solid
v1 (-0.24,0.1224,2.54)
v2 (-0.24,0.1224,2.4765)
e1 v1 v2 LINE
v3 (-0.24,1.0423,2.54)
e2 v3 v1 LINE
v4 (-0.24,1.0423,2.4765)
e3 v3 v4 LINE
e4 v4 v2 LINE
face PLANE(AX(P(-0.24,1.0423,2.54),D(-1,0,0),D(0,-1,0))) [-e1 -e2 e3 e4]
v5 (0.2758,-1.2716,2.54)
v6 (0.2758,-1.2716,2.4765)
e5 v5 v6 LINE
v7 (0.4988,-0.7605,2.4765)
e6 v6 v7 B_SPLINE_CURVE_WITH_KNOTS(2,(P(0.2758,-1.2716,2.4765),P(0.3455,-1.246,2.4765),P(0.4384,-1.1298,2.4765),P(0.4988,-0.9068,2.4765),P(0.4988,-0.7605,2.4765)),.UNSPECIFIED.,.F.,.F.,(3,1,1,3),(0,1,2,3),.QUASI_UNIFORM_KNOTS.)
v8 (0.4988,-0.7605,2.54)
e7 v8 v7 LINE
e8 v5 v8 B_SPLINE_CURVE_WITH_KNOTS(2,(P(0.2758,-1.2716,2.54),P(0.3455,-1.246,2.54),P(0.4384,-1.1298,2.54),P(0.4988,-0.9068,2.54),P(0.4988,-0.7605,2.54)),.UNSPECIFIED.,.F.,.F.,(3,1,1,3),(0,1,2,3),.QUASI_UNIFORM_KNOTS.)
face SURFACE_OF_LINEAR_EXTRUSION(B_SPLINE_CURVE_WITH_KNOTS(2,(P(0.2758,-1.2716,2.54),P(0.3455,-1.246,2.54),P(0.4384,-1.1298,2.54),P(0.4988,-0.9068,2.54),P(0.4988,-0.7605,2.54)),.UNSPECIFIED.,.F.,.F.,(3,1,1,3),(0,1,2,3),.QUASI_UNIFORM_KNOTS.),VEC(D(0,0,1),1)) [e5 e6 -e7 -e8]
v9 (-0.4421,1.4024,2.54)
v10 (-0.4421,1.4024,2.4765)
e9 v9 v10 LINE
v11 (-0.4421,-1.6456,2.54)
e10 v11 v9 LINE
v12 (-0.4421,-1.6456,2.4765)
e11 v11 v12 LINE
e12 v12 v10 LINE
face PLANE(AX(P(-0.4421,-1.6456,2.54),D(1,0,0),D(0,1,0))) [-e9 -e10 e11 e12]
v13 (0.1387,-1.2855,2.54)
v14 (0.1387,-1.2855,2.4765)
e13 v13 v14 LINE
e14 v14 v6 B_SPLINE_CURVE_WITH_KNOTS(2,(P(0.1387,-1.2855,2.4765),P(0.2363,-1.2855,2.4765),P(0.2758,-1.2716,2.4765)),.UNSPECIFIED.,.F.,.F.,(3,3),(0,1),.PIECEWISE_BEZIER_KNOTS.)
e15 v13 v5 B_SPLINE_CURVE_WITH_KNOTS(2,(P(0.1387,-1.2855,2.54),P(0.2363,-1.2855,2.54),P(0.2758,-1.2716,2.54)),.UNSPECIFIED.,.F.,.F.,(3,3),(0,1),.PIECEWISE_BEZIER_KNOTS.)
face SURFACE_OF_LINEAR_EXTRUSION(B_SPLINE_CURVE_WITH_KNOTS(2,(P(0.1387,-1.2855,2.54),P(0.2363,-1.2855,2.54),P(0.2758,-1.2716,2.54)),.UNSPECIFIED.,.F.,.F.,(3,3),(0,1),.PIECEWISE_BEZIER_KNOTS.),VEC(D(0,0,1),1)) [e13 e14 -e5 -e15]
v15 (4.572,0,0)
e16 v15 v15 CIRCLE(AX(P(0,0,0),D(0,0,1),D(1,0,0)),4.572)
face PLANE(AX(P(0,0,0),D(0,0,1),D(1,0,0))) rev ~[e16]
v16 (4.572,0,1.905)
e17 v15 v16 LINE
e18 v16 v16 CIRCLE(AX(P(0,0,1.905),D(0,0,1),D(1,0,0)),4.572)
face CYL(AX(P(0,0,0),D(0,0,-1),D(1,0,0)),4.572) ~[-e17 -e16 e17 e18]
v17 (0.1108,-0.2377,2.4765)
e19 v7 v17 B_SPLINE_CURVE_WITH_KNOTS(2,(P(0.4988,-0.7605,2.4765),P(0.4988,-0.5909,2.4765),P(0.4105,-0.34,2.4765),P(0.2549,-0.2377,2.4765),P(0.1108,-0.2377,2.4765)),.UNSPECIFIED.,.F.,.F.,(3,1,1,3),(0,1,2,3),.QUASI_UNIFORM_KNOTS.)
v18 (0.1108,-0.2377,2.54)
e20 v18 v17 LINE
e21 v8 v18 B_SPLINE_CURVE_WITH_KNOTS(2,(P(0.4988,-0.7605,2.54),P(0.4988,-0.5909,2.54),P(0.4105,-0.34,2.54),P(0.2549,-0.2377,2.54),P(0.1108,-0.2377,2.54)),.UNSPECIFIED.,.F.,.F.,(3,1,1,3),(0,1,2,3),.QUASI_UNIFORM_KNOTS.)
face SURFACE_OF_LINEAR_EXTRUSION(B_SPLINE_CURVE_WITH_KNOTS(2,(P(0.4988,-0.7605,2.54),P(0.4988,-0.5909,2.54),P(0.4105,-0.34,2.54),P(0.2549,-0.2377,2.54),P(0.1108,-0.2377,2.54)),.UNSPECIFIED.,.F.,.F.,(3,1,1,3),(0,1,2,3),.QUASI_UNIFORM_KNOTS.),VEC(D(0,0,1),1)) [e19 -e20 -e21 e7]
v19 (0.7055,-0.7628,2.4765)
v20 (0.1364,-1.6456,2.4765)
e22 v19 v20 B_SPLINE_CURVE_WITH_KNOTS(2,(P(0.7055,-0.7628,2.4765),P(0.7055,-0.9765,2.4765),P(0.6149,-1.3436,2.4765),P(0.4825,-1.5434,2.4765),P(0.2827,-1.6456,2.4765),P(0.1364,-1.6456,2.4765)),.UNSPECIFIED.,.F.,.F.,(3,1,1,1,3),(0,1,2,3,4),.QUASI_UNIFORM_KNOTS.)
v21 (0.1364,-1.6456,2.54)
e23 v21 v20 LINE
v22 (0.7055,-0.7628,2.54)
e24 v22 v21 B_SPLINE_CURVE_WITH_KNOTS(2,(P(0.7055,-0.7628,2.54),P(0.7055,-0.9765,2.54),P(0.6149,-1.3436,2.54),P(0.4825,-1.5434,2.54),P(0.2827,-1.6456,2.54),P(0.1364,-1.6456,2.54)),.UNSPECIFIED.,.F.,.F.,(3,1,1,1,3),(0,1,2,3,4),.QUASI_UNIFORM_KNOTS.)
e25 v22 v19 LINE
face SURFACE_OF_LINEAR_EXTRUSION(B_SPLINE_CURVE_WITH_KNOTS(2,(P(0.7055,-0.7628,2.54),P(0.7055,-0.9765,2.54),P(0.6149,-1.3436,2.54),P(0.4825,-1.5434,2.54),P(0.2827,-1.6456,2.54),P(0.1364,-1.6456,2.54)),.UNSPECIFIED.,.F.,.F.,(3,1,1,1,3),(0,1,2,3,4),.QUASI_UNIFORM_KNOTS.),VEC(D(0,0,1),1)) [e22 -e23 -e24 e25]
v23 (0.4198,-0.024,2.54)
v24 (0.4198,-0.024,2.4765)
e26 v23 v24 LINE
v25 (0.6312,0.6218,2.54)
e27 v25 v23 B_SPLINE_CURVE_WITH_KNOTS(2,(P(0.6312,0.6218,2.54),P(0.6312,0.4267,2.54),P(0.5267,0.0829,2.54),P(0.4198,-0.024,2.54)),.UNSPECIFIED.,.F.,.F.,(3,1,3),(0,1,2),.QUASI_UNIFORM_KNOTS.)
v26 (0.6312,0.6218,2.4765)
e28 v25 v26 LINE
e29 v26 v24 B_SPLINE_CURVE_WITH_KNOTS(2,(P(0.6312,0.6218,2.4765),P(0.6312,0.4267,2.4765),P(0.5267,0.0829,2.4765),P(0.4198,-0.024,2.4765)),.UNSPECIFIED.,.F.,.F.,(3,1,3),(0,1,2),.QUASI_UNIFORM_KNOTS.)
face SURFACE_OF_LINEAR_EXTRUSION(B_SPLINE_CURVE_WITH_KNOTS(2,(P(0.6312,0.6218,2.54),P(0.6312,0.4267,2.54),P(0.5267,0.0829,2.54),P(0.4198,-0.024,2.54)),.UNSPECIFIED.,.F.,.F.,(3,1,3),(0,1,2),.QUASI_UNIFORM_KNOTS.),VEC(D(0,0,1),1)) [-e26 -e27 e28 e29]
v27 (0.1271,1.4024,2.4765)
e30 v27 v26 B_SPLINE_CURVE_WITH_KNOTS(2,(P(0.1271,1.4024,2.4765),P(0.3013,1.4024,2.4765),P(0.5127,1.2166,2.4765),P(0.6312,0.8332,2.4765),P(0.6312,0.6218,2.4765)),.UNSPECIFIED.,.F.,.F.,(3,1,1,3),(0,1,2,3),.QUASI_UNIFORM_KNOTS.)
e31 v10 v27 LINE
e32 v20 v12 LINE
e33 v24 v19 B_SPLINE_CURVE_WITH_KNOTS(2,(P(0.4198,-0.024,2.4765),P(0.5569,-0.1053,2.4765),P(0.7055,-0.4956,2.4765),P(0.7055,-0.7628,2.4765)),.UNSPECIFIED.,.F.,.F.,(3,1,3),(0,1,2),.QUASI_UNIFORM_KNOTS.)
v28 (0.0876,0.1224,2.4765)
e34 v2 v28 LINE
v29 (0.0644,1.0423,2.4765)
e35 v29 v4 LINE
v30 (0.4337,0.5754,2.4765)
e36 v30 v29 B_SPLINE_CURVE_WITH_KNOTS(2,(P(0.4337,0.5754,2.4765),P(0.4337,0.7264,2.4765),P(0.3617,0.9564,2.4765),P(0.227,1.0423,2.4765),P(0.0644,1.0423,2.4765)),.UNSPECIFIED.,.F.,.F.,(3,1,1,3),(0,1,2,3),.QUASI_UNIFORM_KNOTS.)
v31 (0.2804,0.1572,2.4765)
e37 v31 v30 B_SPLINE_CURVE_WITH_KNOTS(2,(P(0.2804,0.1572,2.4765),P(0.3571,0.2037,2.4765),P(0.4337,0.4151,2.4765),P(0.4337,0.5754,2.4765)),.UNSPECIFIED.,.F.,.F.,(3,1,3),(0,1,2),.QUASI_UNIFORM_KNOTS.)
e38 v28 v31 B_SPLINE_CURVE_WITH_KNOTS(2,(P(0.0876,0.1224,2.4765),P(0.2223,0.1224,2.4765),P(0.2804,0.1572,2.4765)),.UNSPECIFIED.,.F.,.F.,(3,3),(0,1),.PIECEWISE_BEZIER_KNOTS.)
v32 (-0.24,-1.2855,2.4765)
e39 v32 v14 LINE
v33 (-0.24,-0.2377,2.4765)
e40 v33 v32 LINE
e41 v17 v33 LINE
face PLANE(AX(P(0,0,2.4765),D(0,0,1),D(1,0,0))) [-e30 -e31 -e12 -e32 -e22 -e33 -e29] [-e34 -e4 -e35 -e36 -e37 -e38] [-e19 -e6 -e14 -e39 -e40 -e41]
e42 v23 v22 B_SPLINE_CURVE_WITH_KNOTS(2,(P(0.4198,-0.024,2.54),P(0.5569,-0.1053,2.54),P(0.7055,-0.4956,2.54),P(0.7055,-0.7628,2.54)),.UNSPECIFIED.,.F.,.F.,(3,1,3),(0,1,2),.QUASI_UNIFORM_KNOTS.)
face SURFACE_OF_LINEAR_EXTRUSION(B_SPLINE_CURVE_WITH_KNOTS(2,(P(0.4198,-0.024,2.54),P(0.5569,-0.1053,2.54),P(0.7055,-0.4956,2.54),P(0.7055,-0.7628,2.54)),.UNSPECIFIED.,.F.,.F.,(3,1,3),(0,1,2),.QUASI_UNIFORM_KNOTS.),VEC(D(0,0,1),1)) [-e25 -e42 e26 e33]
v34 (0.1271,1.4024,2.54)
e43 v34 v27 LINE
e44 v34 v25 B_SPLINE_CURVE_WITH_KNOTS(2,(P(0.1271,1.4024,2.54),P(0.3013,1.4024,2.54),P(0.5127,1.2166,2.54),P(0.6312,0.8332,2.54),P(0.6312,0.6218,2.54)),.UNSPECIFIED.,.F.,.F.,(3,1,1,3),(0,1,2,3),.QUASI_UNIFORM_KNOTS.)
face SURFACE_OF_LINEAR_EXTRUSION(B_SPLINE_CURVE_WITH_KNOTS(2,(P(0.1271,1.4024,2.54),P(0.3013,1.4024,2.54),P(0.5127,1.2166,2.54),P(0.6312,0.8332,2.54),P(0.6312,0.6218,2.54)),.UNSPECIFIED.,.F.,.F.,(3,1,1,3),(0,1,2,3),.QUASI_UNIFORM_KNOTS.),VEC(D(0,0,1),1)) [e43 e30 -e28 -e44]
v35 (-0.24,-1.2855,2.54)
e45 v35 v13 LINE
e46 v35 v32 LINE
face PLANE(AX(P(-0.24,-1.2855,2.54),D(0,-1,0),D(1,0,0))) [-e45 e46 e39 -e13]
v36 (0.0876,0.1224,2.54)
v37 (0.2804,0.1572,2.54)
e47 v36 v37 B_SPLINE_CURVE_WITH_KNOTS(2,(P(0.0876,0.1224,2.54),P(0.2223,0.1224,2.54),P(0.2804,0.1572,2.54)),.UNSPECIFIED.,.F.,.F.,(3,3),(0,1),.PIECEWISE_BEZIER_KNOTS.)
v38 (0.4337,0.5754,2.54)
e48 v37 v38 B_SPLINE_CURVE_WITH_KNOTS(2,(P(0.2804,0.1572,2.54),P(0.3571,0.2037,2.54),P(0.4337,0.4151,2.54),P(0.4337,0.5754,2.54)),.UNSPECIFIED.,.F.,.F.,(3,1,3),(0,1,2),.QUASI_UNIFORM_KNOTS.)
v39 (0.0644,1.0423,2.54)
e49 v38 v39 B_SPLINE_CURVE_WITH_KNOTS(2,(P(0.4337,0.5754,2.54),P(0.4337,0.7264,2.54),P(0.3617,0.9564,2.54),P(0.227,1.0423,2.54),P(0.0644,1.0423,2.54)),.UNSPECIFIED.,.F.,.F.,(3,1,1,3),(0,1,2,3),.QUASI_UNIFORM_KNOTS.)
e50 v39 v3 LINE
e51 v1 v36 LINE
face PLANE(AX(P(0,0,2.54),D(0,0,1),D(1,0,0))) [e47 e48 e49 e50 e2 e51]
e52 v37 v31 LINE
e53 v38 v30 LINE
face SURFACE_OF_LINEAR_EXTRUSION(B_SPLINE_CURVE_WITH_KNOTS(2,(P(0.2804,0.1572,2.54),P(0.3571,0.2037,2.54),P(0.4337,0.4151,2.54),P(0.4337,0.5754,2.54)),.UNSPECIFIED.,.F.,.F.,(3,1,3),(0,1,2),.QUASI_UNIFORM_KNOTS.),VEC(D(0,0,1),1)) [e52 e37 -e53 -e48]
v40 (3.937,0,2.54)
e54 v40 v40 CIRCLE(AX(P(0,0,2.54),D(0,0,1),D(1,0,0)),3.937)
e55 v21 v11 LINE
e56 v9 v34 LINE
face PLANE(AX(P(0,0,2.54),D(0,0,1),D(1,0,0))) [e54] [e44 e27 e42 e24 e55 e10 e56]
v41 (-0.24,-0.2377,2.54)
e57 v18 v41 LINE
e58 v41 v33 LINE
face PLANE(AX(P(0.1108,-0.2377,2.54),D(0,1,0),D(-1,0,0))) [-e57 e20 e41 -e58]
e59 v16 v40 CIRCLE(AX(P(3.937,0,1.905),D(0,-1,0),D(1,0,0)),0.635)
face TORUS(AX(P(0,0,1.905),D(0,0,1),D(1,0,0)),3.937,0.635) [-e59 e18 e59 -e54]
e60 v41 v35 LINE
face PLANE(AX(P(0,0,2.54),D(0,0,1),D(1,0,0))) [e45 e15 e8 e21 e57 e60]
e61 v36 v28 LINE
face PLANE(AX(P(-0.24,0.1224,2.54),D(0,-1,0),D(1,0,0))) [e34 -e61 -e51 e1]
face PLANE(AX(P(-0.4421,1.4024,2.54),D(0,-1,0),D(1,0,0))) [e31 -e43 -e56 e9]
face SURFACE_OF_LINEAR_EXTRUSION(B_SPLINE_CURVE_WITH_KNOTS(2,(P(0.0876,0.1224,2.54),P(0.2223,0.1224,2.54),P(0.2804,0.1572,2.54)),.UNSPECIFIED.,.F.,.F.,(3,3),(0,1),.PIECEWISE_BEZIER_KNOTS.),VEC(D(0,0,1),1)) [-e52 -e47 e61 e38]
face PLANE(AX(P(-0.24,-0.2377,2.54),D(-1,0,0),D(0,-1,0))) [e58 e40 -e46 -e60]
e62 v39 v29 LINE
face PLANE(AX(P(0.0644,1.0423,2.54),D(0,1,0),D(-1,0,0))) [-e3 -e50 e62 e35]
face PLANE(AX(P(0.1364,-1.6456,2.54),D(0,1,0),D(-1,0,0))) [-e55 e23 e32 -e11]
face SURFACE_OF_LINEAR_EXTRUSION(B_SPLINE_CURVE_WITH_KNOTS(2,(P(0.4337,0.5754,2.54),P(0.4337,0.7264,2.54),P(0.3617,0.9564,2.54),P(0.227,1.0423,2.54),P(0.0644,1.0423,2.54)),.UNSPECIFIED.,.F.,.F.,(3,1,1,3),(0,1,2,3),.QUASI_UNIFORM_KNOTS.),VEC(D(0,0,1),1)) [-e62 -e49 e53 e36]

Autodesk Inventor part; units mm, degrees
ref_plane "YZ Plane" through (0, 0, 0) normal (1, 0, 0) x (0, 1, 0)
ref_plane "XZ Plane" through (0, 0, 0) normal (0, 1, 0) x (-1, 0, 0)
ref_plane "XY Plane" through (0, 0, 0) normal (0, 0, 1) x (1, 0, 0)
sketch "Sketch1" plane through (0, 0, 0) normal (0, 0, 1) x (1, 0, 0)
  circle A0 centre (0, 0) radius 4.572
  dimension "d0" = 9.144
extrude "Extrusion1" add sketch "Sketch1" along normal blind 2.54
fillet "Fillet1" radius 0.635 1 edges at (-4.572, 0, 2.54)
sketch "Sketch2" plane through (0, 0, 2.54) normal (0, 0, 1) x (1, 0, 0)
  line L0 (-0.5978, 1.4024) -> (2.1711, 1.4024) construction
  line L1 (2.1711, 1.4024) -> (2.1711, -1.6456) construction
  line L2 (2.1711, -1.6456) -> (-0.5978, -1.6456) construction
  line L3 (-0.5978, -1.6456) -> (-0.5978, 1.4024) construction
  line L4 (-0.4421, -1.6456) -> (-0.4421, 1.4024)
  line L5 (-0.4421, 1.4024) -> (0.1271, 1.4024)
  spline S0 degree 2 poles (0.1271, 1.4024) (0.3013, 1.4024) (0.5127, 1.2166) (0.6312, 0.8332) (0.6312, 0.6218) knots 0 0 0 1 2 3 3 3
  spline S1 degree 2 poles (0.6312, 0.6218) (0.6312, 0.4267) (0.5267, 0.0829) (0.4198, -0.024) knots 0 0 0 1 2 2 2
  spline S2 degree 2 poles (0.4198, -0.024) (0.5569, -0.1053) (0.7055, -0.4956) (0.7055, -0.7628) knots 0 0 0 1 2 2 2
  spline S3 degree 2 poles (0.7055, -0.7628) (0.7055, -0.9765) (0.6149, -1.3436) (0.4825, -1.5434) (0.2827, -1.6456) (0.1364, -1.6456) knots 0 0 0 1 2 3 4 4 4
  line L6 (0.1364, -1.6456) -> (-0.4421, -1.6456)
  line L7 (-0.24, -1.2855) -> (0.1387, -1.2855)
  spline S4 degree 2 poles (0.1387, -1.2855) (0.2363, -1.2855) (0.2758, -1.2716) knots 0 0 0 1 1 1
  spline S5 degree 2 poles (0.2758, -1.2716) (0.3455, -1.246) (0.4384, -1.1298) (0.4988, -0.9068) (0.4988, -0.7605) knots 0 0 0 1 2 3 3 3
  spline S6 degree 2 poles (0.4988, -0.7605) (0.4988, -0.5909) (0.4105, -0.34) (0.2549, -0.2377) (0.1108, -0.2377) knots 0 0 0 1 2 3 3 3
  line L8 (0.1108, -0.2377) -> (-0.24, -0.2377)
  line L9 (-0.24, -0.2377) -> (-0.24, -1.2855)
  line L10 (-0.24, 0.1224) -> (0.0876, 0.1224)
  spline S7 degree 2 poles (0.0876, 0.1224) (0.2223, 0.1224) (0.2804, 0.1572) knots 0 0 0 1 1 1
  spline S8 degree 2 poles (0.2804, 0.1572) (0.3571, 0.2037) (0.4337, 0.4151) (0.4337, 0.5754) knots 0 0 0 1 2 2 2
  spline S9 degree 2 poles (0.4337, 0.5754) (0.4337, 0.7264) (0.3617, 0.9564) (0.227, 1.0423) (0.0644, 1.0423) knots 0 0 0 1 2 3 3 3
  line L11 (0.0644, 1.0423) -> (-0.24, 1.0423)
  line L12 (-0.24, 1.0423) -> (-0.24, 0.1224)
extrude "Extrusion2" cut sketch "Sketch2" against normal blind 0.0635
properties part number "B Button"
